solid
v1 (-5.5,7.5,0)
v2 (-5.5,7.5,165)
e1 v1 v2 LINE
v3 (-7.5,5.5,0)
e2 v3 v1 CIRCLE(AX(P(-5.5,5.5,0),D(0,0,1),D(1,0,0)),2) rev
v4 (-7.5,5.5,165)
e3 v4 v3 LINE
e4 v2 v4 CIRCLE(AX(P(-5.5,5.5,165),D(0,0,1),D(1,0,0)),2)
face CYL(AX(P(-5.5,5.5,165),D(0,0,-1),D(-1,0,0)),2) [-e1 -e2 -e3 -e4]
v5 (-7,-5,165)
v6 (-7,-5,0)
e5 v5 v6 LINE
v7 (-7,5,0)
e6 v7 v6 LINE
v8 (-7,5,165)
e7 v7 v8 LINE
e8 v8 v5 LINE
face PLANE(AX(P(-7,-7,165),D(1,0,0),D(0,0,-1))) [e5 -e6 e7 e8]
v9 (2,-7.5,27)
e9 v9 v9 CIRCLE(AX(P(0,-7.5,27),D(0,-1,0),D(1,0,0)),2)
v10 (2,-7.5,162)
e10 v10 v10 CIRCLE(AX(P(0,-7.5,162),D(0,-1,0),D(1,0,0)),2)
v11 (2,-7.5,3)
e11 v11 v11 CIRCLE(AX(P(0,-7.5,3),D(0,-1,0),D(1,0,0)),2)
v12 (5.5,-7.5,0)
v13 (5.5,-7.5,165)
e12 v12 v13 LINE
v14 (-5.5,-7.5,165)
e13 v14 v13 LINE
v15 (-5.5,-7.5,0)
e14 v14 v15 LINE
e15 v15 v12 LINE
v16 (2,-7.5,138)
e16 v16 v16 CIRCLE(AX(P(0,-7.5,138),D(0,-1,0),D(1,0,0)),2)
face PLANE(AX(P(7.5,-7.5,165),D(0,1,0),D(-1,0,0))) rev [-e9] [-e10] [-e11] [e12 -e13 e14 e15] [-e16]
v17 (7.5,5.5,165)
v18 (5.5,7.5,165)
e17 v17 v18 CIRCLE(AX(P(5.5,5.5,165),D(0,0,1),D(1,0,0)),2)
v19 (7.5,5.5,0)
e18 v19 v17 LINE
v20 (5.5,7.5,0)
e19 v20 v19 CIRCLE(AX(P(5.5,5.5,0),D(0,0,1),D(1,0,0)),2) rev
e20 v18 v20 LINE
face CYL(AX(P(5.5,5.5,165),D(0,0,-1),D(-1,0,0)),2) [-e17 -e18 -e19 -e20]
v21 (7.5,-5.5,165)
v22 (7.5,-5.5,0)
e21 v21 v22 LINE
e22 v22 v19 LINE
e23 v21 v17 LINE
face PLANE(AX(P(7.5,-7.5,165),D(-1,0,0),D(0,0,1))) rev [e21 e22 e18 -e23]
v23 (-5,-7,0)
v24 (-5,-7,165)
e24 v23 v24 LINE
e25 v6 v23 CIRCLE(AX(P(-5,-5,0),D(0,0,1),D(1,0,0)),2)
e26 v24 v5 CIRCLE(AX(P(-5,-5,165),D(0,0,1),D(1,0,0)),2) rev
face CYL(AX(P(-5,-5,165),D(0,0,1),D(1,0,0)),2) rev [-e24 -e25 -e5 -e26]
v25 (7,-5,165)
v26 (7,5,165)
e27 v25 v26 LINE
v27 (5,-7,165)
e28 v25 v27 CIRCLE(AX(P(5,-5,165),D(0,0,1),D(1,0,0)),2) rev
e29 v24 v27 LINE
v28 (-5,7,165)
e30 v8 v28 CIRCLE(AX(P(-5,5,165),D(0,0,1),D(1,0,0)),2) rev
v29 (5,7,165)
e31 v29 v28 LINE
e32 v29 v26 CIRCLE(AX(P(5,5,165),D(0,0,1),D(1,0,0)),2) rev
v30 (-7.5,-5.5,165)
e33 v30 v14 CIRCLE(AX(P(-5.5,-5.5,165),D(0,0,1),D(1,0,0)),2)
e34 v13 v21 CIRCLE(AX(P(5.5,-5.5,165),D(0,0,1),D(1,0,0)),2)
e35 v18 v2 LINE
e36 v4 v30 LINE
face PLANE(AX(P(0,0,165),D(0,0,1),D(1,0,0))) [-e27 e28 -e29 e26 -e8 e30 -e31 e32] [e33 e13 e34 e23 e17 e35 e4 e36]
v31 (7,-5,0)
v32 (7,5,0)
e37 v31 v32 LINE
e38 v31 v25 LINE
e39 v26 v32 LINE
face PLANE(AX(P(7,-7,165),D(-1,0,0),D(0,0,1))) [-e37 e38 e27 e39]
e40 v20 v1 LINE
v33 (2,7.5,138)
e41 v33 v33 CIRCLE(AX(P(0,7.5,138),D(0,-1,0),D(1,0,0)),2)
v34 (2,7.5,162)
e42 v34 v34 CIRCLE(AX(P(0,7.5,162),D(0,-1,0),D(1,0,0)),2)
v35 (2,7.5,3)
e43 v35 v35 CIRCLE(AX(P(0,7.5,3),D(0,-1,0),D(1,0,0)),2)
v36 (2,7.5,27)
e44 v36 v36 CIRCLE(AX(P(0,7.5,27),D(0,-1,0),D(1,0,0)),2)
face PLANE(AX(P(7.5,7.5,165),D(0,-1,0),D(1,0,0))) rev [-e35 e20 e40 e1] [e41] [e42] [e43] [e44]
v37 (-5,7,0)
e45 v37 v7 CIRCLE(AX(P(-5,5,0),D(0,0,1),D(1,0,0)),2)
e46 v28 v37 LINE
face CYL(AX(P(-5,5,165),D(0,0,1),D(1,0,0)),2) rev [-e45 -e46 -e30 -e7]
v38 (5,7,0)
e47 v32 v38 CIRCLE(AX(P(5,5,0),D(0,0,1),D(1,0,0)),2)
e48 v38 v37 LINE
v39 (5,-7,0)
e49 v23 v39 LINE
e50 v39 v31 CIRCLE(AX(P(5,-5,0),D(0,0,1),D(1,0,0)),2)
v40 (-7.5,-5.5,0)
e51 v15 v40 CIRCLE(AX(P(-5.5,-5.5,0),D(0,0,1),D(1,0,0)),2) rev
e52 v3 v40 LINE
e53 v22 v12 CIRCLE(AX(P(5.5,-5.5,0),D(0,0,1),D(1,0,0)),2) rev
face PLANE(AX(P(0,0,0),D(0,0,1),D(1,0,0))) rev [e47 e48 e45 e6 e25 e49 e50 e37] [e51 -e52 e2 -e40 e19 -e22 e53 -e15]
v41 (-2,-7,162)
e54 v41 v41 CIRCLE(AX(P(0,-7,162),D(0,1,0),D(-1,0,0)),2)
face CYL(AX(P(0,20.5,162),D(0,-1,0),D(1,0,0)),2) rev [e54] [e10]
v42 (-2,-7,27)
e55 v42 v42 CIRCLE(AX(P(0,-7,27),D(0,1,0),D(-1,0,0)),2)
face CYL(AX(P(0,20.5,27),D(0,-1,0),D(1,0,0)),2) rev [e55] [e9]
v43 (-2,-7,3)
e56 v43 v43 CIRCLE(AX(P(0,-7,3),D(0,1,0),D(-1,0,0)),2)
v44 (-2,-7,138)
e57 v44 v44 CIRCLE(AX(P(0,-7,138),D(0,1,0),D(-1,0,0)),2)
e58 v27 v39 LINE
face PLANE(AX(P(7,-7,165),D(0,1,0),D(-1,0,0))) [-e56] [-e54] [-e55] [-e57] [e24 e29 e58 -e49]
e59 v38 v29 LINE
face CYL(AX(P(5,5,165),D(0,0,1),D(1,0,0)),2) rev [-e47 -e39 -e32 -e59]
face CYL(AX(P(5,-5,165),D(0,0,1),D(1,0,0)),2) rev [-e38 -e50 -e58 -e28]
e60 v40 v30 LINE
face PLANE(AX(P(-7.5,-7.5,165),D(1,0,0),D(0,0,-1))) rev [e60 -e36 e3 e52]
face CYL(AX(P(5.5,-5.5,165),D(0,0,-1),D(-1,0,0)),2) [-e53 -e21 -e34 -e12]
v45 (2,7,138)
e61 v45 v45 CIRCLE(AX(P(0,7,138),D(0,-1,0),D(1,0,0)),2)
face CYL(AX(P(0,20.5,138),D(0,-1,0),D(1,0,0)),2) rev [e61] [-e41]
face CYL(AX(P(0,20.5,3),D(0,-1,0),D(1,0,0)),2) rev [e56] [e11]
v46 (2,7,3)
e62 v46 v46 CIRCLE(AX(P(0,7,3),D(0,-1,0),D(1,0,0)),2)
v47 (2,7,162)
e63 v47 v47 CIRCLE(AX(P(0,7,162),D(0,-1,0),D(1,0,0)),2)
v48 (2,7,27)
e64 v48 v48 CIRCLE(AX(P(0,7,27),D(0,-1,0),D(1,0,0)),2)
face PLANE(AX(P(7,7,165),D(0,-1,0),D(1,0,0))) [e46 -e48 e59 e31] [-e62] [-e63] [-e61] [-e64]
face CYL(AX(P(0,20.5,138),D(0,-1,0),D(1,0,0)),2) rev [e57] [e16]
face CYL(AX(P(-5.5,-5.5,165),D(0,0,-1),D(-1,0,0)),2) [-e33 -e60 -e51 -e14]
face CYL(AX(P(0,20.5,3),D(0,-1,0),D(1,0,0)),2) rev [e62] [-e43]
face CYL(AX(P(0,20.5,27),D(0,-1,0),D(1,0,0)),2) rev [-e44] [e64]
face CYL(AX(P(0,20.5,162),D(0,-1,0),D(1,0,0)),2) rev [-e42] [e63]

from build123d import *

# Parameters (mm, degrees)
SKETCH1_W           = 15
SKETCH1_H           = 15
SKETCH1_W_2         = 14
SKETCH1_H_2         = 14
BOSS_EXTRUDE1_DEPTH = 165
FILLET1_R           = 2
SKETCH2_R           = 2
CUT_EXTRUDE2_DEPTH  = 28


with BuildPart() as part:
    # Sketch1 → Boss-Extrude1 (new body)
    with BuildSketch(Plane.XY):
        Rectangle(SKETCH1_W, SKETCH1_H)
        Rectangle(SKETCH1_W_2, SKETCH1_H_2, mode=Mode.SUBTRACT)
    extrude(amount=BOSS_EXTRUDE1_DEPTH)

    # Fillet1
    fillet1_edges = [part.edges().sort_by_distance(p)[0] for p in [
        (-7, 7, 82.5),
        (-7, -7, 82.5),
        (7, -7, 82.5),
        (7, 7, 82.5),
        (-7.5, 7.5, 82.5),
        (7.5, 7.5, 82.5),
        (7.5, -7.5, 82.5),
        (-7.5, -7.5, 82.5),
    ]]
    fillet(fillet1_edges, radius=FILLET1_R)

    # Sketch2 → Cut-Extrude2 (cut)
    with BuildSketch(Plane.XZ.offset(7.5)):
        with Locations((0, 162)):
            Circle(SKETCH2_R)
        with Locations((0, 138)):
            Circle(SKETCH2_R)
        with Locations((0, 27)):
            Circle(SKETCH2_R)
        with Locations((0, 3)):
            Circle(SKETCH2_R)
    extrude(amount=-CUT_EXTRUDE2_DEPTH, mode=Mode.SUBTRACT)


solid = part.part
